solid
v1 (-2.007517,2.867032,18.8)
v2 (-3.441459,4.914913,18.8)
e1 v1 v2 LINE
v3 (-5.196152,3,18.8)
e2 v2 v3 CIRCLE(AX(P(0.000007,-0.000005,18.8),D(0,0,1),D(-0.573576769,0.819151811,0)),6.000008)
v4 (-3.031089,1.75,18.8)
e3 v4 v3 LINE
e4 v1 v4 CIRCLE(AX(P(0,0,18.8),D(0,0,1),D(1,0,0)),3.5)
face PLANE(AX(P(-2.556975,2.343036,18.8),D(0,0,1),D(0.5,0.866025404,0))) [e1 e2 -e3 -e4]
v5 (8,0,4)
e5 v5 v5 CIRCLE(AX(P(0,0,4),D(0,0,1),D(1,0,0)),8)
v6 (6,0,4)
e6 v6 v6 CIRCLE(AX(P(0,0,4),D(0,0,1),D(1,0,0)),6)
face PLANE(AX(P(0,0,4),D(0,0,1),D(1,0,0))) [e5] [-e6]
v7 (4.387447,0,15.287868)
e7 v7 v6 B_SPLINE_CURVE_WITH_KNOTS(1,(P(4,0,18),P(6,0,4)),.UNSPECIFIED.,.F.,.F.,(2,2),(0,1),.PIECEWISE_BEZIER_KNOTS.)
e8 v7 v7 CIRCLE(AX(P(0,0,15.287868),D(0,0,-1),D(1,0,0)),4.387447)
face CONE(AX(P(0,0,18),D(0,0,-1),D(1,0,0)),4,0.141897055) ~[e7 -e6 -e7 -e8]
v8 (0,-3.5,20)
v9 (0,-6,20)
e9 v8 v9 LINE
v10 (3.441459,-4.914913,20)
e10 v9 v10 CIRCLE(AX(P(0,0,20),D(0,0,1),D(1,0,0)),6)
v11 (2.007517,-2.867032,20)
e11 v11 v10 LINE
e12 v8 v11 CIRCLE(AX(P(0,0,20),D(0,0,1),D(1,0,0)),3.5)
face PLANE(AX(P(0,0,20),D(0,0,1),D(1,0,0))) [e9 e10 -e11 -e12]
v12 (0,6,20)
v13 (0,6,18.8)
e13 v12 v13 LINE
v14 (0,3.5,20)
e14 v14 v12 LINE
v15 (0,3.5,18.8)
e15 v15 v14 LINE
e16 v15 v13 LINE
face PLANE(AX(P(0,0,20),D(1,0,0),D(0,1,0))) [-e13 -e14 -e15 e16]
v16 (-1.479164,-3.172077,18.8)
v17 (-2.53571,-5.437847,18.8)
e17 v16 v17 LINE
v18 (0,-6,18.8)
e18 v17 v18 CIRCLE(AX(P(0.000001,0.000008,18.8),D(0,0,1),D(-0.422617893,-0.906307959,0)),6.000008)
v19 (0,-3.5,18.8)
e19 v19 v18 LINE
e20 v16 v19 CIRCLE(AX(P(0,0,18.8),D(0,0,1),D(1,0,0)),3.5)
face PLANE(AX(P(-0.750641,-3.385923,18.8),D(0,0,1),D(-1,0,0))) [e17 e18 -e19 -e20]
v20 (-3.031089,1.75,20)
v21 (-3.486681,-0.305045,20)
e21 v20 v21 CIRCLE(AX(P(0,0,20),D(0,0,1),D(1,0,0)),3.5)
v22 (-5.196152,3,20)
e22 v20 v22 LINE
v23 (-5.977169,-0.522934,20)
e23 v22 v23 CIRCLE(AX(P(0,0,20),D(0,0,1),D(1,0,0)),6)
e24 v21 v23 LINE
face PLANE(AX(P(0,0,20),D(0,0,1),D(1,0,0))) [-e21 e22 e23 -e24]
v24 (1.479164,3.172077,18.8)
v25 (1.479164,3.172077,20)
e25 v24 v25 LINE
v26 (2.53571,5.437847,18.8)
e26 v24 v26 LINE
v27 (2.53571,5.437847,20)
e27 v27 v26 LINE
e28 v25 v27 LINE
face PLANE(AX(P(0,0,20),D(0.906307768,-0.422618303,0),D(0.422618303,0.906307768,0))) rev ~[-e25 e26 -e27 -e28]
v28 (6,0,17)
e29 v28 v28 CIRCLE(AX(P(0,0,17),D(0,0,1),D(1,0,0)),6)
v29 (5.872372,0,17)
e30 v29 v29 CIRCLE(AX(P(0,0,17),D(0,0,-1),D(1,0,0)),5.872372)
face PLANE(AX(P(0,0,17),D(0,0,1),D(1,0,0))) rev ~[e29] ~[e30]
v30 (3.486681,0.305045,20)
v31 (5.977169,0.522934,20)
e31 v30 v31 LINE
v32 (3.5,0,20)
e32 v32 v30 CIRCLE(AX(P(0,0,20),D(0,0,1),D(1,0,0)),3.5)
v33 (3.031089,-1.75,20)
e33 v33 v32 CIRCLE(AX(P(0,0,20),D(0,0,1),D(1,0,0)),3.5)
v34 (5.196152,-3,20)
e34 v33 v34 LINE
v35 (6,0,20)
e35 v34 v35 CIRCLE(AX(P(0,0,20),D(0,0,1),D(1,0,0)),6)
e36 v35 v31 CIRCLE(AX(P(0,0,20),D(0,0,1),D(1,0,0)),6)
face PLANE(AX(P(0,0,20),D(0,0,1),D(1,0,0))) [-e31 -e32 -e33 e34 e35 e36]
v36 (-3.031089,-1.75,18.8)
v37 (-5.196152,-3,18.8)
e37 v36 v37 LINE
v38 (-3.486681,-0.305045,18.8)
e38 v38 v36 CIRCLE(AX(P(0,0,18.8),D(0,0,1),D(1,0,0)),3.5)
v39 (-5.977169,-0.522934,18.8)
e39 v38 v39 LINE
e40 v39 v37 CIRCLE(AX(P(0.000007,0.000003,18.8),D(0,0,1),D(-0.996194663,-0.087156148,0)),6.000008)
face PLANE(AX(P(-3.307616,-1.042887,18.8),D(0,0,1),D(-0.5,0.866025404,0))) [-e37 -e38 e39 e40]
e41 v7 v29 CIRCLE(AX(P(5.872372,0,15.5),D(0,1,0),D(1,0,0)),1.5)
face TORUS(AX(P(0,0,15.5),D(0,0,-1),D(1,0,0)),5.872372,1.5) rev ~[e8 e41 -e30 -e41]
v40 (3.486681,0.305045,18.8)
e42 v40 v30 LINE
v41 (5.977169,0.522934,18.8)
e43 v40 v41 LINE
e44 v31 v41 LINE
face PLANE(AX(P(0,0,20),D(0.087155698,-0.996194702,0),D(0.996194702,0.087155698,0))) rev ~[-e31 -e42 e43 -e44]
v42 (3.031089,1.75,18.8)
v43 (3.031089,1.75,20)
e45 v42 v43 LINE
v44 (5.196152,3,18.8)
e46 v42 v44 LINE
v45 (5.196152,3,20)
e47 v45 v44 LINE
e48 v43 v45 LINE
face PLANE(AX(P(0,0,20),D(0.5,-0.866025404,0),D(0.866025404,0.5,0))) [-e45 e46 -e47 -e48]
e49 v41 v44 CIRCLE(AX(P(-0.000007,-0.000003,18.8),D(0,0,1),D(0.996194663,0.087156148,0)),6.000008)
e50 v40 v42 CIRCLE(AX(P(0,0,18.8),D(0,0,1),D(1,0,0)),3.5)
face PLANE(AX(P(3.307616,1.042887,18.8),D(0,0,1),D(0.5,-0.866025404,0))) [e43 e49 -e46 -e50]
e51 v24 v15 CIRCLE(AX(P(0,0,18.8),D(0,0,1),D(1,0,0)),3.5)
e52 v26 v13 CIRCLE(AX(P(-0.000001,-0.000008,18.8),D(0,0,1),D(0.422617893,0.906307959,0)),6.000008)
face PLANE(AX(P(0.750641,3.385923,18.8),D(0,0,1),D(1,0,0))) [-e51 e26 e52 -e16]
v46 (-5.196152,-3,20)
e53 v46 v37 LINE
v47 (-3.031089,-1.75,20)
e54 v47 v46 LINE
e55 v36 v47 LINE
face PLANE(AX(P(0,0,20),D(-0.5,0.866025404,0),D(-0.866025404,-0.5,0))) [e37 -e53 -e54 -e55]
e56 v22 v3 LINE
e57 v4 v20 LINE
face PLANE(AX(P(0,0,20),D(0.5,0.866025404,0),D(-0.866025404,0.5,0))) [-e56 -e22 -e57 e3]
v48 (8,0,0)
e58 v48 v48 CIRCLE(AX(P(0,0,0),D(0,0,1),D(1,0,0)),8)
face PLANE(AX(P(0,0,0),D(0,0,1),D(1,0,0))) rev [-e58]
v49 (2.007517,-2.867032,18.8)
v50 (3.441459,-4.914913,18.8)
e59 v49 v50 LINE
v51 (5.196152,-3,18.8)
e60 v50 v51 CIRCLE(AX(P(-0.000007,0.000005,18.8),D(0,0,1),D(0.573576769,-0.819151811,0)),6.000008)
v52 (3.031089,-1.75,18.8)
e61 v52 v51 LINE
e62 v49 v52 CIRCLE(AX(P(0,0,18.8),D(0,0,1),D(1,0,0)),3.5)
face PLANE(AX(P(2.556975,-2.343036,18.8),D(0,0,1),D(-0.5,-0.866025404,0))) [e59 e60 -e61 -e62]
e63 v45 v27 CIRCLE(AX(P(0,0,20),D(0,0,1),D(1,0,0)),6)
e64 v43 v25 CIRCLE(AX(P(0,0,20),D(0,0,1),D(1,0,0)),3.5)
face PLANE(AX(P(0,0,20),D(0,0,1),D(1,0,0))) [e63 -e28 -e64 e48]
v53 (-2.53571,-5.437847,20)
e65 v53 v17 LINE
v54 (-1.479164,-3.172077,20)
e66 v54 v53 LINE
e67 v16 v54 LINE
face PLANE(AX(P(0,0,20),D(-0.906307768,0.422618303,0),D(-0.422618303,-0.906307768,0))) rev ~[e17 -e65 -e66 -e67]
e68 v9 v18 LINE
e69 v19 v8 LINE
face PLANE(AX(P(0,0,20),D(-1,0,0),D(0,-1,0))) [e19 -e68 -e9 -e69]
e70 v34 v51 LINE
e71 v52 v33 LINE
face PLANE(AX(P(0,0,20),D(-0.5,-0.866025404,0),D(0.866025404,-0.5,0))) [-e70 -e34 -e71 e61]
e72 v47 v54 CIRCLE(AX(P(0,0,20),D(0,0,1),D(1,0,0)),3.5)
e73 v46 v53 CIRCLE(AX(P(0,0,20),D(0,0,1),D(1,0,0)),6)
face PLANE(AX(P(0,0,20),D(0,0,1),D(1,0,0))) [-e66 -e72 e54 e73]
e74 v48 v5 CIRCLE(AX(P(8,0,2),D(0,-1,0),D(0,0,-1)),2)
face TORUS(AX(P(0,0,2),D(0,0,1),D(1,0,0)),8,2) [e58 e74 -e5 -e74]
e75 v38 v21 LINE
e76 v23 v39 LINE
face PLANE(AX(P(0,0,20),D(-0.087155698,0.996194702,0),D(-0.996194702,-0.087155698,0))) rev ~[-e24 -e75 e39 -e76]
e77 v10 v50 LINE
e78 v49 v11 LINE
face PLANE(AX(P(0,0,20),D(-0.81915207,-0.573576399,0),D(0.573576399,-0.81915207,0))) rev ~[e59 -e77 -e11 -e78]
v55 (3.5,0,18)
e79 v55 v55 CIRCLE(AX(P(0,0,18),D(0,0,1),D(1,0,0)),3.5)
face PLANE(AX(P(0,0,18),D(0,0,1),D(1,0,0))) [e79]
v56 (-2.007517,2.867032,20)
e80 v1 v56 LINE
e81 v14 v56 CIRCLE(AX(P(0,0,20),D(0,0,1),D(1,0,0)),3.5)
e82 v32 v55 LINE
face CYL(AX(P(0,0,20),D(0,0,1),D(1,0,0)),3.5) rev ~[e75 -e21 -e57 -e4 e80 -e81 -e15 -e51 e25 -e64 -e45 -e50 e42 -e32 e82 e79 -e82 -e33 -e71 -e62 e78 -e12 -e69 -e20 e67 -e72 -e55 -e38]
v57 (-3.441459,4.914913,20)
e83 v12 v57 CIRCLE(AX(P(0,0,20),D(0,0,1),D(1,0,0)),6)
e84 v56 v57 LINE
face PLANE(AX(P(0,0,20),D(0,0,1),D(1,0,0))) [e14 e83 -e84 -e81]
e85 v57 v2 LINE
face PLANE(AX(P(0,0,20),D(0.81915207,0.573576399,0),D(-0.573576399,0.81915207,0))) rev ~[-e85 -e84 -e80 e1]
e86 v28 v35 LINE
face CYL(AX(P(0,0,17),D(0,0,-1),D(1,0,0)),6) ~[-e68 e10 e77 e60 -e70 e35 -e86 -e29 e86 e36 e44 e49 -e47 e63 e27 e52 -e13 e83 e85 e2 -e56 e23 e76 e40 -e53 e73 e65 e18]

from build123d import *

# Parameters (mm, degrees)
SKETCH004_R        = 4
SKETCH001_R        = 6
SKETCH002_R        = 6
EXTRUDE002_DEPTH   = 3
SKETCH005_R        = 3.5
POCKET_DEPTH       = 5
POCKET001_DEPTH    = 1.2
POLARPATTERN_COUNT = 6
FILLET_R           = 1.5


with BuildPart() as revolution:
    # Sketch006 → Revolution (revolve)
    with BuildSketch(Plane.XZ):
        with BuildLine():
            Line((0, 0), (8, 0))
            ThreePointArc((8, 0), (10, 2), (8, 4))
            Line((8, 4), (0, 4))
            Line((0, 4), (0, 0))
        make_face()
    revolve(axis=Axis((0, 0, 0), (0, 0, 1)))


with BuildPart() as loft_body:
    # Sketch004 → Loft section 0
    with BuildSketch(Plane.XY.offset(18)):
        Circle(SKETCH004_R)
    # Sketch001 → Loft section 1
    with BuildSketch(Plane.XY.offset(4)):
        Circle(SKETCH001_R)
    loft()


with BuildPart() as fillet_body:
    # Sketch002 → Extrude002 (new body)
    with BuildSketch(Plane.XY.offset(17)):
        Circle(SKETCH002_R)
    extrude(amount=EXTRUDE002_DEPTH)

    # Sketch005 → Pocket (cut)
    with BuildSketch(Plane.XY.offset(20)):
        Circle(SKETCH005_R)
    extrude(amount=-POCKET_DEPTH, mode=Mode.SUBTRACT)

    # Sketch → Pocket001 (cut)
    with BuildSketch(Plane.XY.offset(20)):
        with BuildLine():
            ThreePointArc((2.53571, 5.437847), (1.298638, 5.857776), (0, 6))
            Line((0, 0), (0, 6))
            Line((0, 0), (2.53571, 5.437847))
        make_face()
    pocket001 = extrude(amount=-POCKET001_DEPTH, mode=Mode.SUBTRACT)

    # PolarPattern: Pocket001 ×6 about axis
    polarpattern_axis = Axis((0, 0, 20), (0, 0, 1))
    for i in range(1, POLARPATTERN_COUNT):
        add(pocket001.rotate(polarpattern_axis, i * 360 / POLARPATTERN_COUNT), mode=Mode.SUBTRACT)

    # Fusion: union Revolution, Loft body
    add(revolution.part)
    add(loft_body.part)

    # Fillet
    fillet_edges = [fillet_body.edges().sort_by_distance(p)[0] for p in [
        (-4.142857, 0, 17),
    ]]
    fillet(fillet_edges, radius=FILLET_R)


solid = fillet_body.part
